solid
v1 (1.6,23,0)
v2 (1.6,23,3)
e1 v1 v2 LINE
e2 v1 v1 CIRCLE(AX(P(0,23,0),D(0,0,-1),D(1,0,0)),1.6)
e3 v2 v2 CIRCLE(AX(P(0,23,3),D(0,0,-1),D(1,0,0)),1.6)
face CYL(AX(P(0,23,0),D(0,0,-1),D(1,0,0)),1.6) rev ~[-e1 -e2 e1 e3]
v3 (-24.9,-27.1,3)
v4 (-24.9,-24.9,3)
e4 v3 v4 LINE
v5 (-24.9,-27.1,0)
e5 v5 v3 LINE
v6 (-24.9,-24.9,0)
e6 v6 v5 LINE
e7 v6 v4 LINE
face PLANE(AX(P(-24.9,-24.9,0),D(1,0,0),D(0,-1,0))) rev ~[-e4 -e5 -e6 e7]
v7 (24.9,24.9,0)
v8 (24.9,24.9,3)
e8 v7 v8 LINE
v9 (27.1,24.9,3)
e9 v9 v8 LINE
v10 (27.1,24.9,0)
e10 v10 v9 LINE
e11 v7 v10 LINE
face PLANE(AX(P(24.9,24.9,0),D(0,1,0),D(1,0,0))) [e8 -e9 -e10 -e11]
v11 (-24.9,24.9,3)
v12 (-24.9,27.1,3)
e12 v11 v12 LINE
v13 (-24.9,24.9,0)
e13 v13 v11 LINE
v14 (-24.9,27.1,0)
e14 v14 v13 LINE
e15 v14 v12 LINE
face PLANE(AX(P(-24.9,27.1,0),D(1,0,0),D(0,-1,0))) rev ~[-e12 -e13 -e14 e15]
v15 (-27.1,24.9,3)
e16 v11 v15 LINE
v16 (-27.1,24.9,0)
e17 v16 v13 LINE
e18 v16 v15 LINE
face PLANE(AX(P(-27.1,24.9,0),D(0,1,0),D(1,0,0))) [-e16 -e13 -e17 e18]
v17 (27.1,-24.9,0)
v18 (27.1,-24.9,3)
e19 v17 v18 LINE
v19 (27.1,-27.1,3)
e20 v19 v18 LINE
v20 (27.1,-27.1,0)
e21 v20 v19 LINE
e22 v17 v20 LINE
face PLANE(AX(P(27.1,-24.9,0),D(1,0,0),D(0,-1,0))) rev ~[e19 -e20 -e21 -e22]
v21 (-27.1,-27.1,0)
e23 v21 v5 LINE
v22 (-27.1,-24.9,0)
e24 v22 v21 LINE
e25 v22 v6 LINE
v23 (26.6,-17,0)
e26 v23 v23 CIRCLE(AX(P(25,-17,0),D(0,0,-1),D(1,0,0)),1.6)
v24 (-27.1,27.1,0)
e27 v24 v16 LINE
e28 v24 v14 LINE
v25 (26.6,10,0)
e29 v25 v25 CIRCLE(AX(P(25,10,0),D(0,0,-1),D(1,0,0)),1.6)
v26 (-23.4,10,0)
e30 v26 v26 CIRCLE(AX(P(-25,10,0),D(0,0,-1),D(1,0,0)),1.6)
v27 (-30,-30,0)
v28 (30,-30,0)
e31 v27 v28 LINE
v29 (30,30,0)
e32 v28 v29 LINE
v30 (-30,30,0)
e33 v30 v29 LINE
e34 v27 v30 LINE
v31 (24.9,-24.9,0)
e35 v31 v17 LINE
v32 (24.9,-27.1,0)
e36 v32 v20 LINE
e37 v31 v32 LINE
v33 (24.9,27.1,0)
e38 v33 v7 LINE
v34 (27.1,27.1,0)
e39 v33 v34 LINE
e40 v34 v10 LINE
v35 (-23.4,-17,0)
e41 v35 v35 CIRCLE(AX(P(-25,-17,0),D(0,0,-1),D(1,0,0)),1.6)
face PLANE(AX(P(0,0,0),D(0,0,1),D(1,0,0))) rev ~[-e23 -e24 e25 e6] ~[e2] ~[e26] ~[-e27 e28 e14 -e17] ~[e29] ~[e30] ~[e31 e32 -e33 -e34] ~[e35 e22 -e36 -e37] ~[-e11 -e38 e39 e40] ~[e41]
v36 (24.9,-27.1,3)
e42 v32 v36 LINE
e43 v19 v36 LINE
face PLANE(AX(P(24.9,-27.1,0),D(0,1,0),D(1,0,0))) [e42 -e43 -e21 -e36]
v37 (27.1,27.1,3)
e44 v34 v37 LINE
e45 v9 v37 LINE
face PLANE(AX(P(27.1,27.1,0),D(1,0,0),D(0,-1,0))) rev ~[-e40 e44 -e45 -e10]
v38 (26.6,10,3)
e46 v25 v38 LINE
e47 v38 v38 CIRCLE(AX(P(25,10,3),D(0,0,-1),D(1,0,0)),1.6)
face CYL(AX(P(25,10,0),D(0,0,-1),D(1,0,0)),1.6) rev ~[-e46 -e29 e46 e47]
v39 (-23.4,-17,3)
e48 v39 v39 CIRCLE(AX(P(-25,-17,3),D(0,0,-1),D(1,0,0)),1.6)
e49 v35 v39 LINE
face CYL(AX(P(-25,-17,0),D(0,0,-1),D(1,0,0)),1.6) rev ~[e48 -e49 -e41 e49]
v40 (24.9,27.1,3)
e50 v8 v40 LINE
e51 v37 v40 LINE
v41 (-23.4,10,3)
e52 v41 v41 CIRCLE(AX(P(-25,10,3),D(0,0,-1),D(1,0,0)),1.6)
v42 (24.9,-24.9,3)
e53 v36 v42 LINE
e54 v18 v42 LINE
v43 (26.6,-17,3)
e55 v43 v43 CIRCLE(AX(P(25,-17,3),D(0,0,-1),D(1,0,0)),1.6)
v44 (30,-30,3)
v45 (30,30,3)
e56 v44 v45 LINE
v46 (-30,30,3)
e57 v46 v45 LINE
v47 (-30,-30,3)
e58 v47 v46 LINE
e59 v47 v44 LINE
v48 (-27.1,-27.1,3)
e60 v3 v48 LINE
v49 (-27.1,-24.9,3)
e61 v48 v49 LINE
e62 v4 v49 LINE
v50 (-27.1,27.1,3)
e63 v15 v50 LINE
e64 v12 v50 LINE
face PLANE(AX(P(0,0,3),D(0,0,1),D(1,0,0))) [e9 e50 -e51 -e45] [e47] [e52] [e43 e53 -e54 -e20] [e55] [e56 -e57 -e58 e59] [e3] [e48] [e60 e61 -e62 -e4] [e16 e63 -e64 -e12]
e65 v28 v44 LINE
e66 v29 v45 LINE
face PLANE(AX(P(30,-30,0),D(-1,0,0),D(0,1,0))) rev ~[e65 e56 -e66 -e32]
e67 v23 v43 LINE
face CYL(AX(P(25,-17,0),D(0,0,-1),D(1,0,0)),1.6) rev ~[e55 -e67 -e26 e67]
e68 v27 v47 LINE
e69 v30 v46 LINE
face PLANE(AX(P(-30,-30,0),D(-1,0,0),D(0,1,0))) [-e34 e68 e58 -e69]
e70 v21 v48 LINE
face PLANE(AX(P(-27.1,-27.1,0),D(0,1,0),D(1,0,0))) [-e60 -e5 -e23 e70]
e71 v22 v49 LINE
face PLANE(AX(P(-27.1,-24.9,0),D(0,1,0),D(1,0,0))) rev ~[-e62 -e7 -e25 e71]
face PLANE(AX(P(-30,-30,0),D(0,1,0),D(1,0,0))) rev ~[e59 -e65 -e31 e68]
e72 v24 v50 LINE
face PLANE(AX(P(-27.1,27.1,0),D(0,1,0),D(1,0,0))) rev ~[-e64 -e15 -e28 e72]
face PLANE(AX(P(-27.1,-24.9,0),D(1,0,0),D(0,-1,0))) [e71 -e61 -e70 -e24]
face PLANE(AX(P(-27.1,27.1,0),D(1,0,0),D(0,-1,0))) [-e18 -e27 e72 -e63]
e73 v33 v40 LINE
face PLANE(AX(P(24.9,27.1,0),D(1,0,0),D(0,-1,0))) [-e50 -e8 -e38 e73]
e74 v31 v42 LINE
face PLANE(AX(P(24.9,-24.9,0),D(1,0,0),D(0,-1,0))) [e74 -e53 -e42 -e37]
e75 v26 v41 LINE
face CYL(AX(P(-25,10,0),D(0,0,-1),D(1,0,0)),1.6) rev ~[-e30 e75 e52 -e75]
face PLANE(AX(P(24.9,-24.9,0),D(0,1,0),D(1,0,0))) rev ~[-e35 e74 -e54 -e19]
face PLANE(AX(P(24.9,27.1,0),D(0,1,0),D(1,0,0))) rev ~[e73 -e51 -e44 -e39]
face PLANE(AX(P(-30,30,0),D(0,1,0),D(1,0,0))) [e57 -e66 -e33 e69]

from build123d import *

# Parameters (mm, degrees)
F0_W     = 60
F0_H     = 60
F1_DEPTH = 3
F2_R     = 1.6
F3_DEPTH = 3.001
F4_W     = 2.2
F4_H     = 2.2
F5_DEPTH = 3.001


with BuildPart() as f1:
    # F0 (on Top) → F1 (new body)
    with BuildSketch(Plane.XY):
        Rectangle(F0_W, F0_H)
    extrude(amount=F1_DEPTH)

    # F2 (on face) → F3 (cut, through all)
    with BuildSketch(Plane(origin=(0, 0, 0), x_dir=(1, 0, 0), z_dir=(0, 0, -1))):
        with Locations((-25, -10)):
            Circle(F2_R)
        with Locations((-25, 17)):
            Circle(F2_R)
        with Locations((25, 17)):
            Circle(F2_R)
        with Locations((25, -10)):
            Circle(F2_R)
        with Locations((0, -23)):
            Circle(F2_R)
    extrude(amount=-F3_DEPTH, mode=Mode.SUBTRACT)

    # F4 (on face) → F5 (cut, through all)
    with BuildSketch(Plane(origin=(0, 0, 0), x_dir=(1, 0, 0), z_dir=(0, 0, -1))):
        with Locations((26, 26)):
            Rectangle(F4_W, F4_H)
        with Locations((26, -26)):
            Rectangle(F4_W, F4_H)
        with Locations((-26, 26)):
            Rectangle(F4_W, F4_H)
        with Locations((-26, -26)):
            Rectangle(F4_W, F4_H)
    extrude(amount=-F5_DEPTH, mode=Mode.SUBTRACT)


solid = f1.part
